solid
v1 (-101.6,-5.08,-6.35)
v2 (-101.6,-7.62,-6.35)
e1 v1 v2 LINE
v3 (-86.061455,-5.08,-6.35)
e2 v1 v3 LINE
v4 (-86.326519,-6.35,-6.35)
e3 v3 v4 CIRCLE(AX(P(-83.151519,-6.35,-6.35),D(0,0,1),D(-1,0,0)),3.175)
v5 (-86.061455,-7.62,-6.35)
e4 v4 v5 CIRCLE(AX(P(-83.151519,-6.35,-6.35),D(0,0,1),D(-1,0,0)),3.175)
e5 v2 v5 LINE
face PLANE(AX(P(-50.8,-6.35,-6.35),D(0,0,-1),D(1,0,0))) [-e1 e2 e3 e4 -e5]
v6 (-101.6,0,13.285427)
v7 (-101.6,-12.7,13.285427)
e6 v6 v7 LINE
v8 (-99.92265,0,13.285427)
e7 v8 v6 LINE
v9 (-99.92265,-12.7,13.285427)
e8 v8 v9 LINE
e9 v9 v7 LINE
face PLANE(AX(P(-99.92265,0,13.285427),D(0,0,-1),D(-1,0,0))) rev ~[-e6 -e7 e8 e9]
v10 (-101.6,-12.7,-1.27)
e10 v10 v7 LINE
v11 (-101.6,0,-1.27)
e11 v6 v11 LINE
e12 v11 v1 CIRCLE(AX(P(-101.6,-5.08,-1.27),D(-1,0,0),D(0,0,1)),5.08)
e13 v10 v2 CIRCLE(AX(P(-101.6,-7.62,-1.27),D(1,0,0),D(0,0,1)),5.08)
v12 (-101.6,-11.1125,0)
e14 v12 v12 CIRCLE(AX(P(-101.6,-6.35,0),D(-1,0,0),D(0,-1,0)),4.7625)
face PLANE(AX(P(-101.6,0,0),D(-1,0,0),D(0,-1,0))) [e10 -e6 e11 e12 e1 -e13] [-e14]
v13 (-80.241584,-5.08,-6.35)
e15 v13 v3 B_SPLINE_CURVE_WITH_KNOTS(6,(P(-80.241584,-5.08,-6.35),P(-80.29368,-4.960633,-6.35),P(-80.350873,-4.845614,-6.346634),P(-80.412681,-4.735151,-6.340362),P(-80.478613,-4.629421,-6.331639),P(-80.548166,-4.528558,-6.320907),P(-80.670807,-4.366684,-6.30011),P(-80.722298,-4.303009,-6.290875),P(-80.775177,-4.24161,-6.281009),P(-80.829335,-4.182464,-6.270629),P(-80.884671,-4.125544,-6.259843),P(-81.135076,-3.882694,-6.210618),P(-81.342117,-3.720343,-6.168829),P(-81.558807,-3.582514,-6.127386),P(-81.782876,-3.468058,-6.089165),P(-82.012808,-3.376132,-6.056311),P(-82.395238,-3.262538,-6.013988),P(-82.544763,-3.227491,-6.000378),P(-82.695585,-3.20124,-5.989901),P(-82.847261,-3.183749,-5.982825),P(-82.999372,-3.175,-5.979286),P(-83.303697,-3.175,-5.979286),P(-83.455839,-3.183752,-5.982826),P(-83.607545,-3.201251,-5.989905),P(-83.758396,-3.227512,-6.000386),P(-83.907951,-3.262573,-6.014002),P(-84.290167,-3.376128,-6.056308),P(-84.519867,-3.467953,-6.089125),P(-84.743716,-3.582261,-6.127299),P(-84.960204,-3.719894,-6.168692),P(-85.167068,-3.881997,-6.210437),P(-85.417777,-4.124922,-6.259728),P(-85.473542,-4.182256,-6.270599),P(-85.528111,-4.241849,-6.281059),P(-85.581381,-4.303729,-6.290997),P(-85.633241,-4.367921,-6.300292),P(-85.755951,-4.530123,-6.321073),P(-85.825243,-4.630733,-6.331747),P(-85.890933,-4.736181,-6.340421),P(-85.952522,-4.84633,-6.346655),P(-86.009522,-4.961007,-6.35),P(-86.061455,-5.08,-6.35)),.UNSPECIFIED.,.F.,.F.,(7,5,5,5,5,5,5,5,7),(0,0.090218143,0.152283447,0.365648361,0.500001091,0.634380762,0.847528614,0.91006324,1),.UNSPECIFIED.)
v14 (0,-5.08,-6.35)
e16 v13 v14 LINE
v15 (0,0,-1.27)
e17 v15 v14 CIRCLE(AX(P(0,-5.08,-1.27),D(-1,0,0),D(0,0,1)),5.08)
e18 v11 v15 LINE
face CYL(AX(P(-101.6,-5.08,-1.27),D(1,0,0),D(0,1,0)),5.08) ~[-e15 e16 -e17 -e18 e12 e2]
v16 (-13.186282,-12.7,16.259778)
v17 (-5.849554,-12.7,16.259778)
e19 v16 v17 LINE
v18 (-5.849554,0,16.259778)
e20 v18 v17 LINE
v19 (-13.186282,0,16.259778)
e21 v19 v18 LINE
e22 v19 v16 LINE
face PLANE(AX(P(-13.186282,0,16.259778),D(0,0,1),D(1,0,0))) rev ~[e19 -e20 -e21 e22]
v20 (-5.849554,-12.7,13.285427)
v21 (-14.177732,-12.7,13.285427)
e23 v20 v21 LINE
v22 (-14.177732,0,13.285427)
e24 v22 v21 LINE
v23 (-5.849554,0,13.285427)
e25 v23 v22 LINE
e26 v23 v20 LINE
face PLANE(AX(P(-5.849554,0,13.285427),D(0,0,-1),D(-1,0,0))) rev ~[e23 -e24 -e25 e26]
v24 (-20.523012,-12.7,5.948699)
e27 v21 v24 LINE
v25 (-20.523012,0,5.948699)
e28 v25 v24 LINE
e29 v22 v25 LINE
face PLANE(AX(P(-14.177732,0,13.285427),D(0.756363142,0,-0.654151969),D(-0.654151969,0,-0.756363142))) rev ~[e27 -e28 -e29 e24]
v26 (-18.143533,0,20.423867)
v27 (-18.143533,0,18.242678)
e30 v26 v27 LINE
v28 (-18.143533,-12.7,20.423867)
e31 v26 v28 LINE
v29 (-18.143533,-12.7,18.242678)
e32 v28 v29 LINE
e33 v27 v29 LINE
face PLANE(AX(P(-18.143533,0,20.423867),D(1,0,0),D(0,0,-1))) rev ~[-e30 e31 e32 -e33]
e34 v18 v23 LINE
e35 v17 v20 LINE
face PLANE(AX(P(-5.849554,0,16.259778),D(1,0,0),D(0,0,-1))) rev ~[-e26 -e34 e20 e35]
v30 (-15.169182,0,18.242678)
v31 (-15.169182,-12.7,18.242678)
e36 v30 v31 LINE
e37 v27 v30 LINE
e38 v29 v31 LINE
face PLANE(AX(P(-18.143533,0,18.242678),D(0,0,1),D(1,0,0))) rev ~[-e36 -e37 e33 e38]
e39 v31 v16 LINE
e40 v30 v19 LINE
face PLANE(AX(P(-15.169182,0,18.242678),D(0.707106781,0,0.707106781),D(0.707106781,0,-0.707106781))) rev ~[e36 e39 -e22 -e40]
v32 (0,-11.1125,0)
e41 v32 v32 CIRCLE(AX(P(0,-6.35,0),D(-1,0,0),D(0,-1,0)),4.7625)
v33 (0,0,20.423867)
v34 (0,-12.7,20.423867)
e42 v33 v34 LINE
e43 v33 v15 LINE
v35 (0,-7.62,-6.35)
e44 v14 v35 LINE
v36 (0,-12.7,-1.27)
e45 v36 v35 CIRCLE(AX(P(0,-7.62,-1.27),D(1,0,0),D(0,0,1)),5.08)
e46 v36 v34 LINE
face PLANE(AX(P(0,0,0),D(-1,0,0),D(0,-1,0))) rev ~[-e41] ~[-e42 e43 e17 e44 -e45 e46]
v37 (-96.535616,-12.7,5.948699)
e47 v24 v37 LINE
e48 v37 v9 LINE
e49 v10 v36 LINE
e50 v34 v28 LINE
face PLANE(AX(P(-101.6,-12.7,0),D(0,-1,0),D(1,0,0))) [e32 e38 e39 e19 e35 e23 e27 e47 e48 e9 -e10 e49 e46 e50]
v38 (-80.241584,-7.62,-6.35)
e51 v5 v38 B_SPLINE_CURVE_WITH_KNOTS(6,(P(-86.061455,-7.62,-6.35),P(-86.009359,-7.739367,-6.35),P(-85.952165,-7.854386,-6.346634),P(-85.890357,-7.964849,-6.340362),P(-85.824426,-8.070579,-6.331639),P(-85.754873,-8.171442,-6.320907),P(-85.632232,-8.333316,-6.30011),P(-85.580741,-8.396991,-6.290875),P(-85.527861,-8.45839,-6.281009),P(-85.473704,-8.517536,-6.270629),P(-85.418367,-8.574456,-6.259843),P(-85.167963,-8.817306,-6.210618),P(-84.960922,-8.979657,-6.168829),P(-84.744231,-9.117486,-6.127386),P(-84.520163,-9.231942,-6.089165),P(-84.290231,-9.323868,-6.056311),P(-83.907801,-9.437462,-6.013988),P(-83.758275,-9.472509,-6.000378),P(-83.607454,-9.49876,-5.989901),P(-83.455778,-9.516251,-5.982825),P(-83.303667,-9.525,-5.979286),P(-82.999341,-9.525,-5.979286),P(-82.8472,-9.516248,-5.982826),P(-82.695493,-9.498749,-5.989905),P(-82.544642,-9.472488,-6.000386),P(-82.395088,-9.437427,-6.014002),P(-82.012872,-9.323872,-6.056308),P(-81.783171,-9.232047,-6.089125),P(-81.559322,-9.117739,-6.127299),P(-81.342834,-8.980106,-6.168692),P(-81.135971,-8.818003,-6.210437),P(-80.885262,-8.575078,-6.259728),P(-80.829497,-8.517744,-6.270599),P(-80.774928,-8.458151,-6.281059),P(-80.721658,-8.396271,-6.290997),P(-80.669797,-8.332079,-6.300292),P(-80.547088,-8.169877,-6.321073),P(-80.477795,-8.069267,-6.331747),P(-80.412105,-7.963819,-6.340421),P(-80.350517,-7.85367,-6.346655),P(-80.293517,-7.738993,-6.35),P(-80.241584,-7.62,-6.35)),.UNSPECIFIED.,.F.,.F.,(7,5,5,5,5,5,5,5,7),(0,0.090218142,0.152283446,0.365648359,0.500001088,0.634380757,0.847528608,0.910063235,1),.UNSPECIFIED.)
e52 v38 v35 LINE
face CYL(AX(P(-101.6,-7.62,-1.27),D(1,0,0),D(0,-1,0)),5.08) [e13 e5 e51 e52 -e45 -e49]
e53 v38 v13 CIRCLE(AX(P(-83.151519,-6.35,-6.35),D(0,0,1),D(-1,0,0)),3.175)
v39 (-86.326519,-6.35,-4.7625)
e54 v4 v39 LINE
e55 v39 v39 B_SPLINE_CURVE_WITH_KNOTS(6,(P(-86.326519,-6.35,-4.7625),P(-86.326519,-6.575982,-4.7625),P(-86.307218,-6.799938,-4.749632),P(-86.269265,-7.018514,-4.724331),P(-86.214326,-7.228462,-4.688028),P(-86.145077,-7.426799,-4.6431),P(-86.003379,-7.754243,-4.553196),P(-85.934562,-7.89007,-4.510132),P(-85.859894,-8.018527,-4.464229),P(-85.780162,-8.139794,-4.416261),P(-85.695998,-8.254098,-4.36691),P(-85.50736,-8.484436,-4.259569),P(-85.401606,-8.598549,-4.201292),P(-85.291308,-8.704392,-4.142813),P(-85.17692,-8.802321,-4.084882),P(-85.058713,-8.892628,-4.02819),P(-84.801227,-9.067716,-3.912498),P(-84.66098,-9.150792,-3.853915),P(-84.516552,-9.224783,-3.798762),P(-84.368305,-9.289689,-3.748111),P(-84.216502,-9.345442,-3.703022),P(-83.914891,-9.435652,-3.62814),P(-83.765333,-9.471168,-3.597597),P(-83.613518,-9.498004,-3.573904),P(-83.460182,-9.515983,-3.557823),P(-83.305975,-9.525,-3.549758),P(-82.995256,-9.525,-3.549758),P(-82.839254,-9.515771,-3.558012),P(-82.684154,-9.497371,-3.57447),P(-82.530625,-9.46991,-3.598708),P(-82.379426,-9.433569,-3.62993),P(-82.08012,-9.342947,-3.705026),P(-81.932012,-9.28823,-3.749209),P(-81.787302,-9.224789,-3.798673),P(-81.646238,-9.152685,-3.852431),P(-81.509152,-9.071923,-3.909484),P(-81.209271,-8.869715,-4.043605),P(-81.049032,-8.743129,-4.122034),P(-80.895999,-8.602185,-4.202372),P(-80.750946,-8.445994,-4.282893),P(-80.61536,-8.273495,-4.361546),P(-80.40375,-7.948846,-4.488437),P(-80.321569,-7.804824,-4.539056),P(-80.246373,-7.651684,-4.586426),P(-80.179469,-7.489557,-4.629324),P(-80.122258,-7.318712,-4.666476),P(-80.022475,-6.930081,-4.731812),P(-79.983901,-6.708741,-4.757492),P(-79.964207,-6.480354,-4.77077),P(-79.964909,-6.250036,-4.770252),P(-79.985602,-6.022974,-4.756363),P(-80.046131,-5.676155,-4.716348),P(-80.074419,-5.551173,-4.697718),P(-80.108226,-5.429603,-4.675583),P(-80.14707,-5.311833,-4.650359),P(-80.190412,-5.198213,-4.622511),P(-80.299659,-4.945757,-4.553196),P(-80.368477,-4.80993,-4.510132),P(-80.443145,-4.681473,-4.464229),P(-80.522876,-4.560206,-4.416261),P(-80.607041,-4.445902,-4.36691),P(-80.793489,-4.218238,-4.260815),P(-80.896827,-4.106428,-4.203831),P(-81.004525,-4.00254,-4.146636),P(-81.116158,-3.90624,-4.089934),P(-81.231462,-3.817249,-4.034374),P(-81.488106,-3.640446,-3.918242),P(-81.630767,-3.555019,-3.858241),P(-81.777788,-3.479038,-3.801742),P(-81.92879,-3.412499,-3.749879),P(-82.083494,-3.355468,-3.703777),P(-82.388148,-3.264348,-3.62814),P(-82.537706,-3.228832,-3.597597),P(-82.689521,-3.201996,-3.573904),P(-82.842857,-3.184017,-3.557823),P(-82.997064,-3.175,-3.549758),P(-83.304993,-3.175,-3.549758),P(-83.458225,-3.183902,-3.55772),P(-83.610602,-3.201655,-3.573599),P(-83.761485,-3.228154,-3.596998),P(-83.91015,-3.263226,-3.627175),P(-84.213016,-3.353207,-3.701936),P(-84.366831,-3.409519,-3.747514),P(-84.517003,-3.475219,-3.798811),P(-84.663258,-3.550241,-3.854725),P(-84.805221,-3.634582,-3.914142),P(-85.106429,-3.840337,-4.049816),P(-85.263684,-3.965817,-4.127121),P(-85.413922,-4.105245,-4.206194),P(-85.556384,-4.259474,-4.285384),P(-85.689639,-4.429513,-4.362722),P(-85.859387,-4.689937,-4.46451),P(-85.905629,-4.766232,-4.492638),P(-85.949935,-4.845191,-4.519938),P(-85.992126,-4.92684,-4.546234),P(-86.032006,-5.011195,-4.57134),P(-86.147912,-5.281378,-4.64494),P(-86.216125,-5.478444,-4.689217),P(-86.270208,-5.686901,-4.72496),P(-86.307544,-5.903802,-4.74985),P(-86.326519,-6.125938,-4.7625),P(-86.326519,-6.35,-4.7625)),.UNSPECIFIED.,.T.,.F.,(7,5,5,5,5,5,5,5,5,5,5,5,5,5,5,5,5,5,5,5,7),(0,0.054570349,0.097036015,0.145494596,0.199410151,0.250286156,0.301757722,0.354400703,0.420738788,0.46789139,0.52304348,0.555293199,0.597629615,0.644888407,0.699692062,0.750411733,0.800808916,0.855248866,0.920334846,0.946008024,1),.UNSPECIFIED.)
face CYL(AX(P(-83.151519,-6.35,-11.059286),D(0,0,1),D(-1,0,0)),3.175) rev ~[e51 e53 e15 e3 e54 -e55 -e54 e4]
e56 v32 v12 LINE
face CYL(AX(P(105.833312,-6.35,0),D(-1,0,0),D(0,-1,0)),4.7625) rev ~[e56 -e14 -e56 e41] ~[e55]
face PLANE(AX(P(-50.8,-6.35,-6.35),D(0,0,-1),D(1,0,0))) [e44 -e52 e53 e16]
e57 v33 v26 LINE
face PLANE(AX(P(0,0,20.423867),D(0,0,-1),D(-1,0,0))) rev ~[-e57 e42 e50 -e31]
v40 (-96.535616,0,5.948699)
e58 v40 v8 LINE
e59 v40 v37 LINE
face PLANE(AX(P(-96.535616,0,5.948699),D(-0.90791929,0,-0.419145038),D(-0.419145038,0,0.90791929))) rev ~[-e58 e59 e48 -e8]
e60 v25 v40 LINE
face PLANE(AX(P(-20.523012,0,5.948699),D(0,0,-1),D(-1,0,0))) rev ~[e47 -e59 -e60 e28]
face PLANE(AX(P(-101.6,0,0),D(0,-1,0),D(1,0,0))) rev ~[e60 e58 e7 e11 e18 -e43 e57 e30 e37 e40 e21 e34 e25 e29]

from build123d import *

# Parameters (mm, degrees)
F1_DEPTH = 12.7
F2_W     = 101.6
F2_H     = 12.7
F3_DEPTH = 6.35
F4_R     = 5.08
F6_D     = 9.525
F8_D     = 6.35
F8_DEPTH = 5.08
F8_START = 0.3707141
F8_TIP   = 1.9077324654


with BuildPart() as f1:
    # F0 (on Front) → F1 (new body)
    with BuildSketch(Plane.XZ):
        Polygon((-101.6, 0), (0, 0), (0, 20.4238668084), (-18.1435327977, 20.4238668084), (-18.1435327977, 18.2426776737), (-15.169181861, 18.2426776737), (-13.1862824783, 16.259778291), (-5.8495542035, 16.259778291), (-5.8495542035, 13.2854273543), (-14.1777321696, 13.2854273543), (-20.5230116844, 5.9486986138), (-62.4783523381, 5.9486986138), (-96.535615623, 5.9486986138), (-99.9226495624, 13.2854273543), (-101.6, 13.2854273543), align=None)
    extrude(amount=F1_DEPTH)

    # F2 (on face) → F3 (join)
    with BuildSketch(Plane(origin=(0, 0, 0), x_dir=(1, 0, 0), z_dir=(0, 0, -1))):
        with Locations((-50.8, 6.35)):
            Rectangle(F2_W, F2_H)
    extrude(amount=F3_DEPTH)

    # F4
    f4_edges = [f1.edges().sort_by_distance(p)[0] for p in [
        (-50.8, -12.7, -6.35),
        (-50.8, 0, -6.35),
    ]]
    fillet(f4_edges, radius=F4_R)

    # F6 (through all)
    with Locations(Plane.YZ):
        with Locations((-6.35, 0)):
            Hole(F6_D / 2)

    # F8
    # its depths count from where the whole tool has entered the part; down to there all is cleared
    with Locations(Plane(origin=(0, 0, -6.35), x_dir=(1, 0, 0), z_dir=(0, 0, -1)).offset(-F8_START)):
        with Locations((-83.1515192986, 6.35)):
            Hole(F8_D / 2, depth=F8_DEPTH)
            with Locations((0, 0, -(F8_DEPTH + F8_TIP / 2))):  # 118° drill point
                Cone(0, F8_D / 2, F8_TIP, mode=Mode.SUBTRACT)


solid = f1.part
